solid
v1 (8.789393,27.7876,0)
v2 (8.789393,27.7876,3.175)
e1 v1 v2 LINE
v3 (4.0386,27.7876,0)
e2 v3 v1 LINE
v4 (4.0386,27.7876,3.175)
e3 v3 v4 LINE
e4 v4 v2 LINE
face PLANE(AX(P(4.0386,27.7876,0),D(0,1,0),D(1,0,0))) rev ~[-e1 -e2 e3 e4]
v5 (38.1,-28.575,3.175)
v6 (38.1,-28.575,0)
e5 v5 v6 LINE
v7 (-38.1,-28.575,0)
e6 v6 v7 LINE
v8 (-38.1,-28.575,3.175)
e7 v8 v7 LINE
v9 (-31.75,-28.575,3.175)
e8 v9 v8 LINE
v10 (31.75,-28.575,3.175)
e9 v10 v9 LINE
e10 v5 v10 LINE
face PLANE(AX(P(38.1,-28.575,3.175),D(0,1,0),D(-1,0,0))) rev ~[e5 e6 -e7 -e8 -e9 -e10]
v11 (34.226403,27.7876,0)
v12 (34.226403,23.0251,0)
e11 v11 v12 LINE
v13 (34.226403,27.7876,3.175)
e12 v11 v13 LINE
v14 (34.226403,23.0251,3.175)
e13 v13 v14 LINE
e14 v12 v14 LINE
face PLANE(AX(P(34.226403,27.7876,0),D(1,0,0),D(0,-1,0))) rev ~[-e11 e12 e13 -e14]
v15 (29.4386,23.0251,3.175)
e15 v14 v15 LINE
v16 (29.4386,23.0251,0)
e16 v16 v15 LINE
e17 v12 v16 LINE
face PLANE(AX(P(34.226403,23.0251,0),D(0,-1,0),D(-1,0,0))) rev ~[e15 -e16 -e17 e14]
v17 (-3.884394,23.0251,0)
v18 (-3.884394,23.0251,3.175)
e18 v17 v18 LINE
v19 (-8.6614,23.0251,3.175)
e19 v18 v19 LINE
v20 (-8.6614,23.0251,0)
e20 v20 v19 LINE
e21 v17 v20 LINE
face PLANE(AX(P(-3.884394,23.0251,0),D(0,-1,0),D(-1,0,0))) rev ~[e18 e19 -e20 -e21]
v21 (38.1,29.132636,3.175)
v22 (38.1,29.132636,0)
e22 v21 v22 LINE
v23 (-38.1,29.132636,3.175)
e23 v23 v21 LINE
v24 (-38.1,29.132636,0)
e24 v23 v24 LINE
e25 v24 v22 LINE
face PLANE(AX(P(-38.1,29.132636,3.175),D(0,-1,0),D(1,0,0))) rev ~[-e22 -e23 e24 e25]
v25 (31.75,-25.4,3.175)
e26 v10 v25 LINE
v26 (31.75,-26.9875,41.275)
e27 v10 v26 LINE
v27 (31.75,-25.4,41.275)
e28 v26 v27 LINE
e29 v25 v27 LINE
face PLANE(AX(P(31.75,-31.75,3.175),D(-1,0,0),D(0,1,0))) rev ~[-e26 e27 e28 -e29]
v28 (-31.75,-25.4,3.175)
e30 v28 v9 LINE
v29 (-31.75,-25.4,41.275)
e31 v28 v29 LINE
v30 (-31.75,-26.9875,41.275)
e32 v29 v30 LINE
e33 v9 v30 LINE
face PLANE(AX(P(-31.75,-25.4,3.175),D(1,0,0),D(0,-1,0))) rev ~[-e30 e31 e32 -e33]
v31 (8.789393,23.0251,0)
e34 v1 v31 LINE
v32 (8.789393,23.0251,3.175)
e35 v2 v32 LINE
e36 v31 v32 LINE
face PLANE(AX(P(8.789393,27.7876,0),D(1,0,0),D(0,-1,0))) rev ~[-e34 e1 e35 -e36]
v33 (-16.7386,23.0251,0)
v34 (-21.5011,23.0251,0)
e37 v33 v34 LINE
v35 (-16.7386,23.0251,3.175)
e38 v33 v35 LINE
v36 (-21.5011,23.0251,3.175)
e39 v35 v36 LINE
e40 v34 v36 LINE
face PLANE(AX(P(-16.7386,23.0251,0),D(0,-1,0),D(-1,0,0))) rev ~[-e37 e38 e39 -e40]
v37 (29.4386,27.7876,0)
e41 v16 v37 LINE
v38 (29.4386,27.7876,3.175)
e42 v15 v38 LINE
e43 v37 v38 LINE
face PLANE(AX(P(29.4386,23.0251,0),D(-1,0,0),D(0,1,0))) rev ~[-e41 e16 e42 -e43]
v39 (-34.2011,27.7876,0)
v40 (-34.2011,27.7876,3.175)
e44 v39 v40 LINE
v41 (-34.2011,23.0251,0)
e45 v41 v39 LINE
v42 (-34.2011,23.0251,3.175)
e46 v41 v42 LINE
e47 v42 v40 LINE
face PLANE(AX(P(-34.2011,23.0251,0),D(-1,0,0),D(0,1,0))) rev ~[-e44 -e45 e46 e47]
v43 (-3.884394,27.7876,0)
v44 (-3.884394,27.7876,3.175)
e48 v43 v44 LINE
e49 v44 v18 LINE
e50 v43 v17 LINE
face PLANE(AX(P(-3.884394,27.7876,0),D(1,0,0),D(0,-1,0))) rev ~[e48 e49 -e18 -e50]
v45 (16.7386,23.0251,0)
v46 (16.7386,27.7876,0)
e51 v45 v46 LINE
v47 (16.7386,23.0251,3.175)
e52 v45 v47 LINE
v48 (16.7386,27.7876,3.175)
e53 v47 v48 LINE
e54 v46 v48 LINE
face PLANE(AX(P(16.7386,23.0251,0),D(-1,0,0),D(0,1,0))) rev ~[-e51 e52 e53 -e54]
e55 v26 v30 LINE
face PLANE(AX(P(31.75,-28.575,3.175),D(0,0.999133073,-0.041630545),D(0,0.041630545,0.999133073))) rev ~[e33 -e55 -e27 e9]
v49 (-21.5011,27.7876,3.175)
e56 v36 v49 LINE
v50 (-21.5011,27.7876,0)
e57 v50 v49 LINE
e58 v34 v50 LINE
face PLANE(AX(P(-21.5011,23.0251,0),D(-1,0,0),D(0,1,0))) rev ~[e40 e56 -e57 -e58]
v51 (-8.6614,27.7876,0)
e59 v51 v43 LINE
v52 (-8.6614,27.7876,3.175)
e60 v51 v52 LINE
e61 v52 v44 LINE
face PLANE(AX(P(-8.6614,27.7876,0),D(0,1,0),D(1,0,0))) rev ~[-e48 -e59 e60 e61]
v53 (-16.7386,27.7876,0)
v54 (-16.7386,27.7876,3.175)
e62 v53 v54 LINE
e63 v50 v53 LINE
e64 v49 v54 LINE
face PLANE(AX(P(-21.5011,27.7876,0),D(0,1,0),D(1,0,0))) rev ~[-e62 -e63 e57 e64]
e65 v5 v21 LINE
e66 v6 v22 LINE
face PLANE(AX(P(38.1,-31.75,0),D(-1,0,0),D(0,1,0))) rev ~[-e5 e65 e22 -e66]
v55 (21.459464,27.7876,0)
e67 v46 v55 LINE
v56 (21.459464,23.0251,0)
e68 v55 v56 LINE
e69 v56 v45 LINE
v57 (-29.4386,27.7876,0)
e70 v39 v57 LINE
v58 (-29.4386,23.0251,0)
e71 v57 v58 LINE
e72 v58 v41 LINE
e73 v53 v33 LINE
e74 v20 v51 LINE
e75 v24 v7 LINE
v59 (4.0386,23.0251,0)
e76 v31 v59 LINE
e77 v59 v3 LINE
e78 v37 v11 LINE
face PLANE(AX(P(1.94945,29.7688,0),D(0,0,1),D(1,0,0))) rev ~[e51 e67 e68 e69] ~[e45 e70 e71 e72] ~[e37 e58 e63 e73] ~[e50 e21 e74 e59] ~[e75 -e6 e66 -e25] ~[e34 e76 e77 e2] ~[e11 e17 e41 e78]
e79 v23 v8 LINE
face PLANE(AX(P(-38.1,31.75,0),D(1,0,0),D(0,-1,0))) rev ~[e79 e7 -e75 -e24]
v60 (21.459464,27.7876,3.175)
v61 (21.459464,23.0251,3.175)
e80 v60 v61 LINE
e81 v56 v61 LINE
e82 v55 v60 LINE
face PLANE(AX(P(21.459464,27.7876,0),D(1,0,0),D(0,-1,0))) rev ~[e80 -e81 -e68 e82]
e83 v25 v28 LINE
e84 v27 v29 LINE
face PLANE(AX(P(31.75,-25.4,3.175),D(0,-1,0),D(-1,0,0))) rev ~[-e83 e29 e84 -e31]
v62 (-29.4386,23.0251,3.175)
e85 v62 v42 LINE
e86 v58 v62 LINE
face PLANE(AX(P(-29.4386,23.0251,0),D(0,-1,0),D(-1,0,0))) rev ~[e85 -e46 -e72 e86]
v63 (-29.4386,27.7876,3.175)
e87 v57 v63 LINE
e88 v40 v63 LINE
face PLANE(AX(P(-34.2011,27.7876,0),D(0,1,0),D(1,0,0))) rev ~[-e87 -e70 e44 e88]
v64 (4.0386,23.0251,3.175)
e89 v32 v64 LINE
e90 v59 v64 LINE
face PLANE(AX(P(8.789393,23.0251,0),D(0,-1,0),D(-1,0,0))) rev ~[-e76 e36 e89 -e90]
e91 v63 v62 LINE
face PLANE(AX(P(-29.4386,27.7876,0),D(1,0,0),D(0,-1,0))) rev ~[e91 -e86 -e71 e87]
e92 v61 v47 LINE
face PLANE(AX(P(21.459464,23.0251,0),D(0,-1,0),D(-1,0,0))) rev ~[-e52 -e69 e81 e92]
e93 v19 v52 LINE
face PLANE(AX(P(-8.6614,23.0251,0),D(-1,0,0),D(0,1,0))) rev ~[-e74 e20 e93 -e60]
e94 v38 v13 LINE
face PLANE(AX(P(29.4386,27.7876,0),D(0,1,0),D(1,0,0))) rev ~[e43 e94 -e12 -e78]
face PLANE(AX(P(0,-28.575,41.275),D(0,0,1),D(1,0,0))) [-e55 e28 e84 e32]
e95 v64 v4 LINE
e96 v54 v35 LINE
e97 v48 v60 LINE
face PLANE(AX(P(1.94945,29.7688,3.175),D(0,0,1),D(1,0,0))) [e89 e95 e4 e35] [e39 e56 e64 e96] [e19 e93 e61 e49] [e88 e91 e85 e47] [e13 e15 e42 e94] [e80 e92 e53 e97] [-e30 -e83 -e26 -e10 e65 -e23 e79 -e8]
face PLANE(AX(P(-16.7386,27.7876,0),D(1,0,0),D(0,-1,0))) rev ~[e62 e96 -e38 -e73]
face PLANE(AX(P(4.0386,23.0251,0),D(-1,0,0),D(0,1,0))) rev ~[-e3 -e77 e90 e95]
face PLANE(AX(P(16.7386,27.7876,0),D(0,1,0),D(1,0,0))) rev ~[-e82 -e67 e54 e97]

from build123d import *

# Parameters (mm, degrees)
F0_W      = 3.8989
F0_H      = 3.9624
F1_DEPTH  = 3.175
F3_DEPTH  = 38.1
F5_DEPTH  = 64.262
F7_DEPTH  = 63.5
F9_DEPTH  = 25.4
F10_W     = 76.2
F10_H     = 2.617364
F11_DEPTH = 25.4


with BuildPart() as f1:
    # F0 (on Top) → F1 (new body)
    with BuildSketch(Plane.XY):
        Polygon((38.1, 27.7876), (38.1, 31.75), (-34.2011, 31.75), (-34.2011, 27.7876), (-29.4386, 27.7876), (-21.5011, 27.7876), (-16.7386, 27.7876), (-8.6614, 27.7876), (-3.8989, 27.7876), (-3.884394, 27.7876), (4.0386, 27.7876), (8.789393, 27.7876), (8.8011, 27.7876), (16.7386, 27.7876), (21.459464, 27.7876), (21.5011, 27.7876), (29.4386, 27.7876), (34.2011, 27.7876), (34.226403, 27.7876), align=None)
        with Locations((-36.15055, 29.7688)):
            Rectangle(F0_W, F0_H)
        Polygon((38.1, -31.75), (38.1, 27.7876), (34.226403, 27.7876), (34.226403, 23.0251), (29.4386, 23.0251), (29.4386, 27.7876), (21.5011, 27.7876), (21.459464, 27.7876), (21.459464, 23.0251), (16.7386, 23.0251), (16.7386, 27.7876), (8.8011, 27.7876), (8.789393, 27.7876), (8.789393, 23.0251), (4.0386, 23.0251), (4.0386, 27.7876), (-3.884394, 27.7876), (-3.884394, 23.0251), (-8.6614, 23.0251), (-8.6614, 27.7876), (-16.7386, 27.7876), (-16.7386, 23.0251), (-21.5011, 23.0251), (-21.5011, 27.7876), (-29.4386, 27.7876), (-29.4386, 23.0251), (-34.2011, 23.0251), (-34.2011, 15.0876), (-34.2011, 10.3251), (-34.2011, 2.3876), (-34.2011, -2.3749), (-34.2011, -10.3124), (-34.2011, -15.0749), (-34.2011, -23.0124), (-34.2011, -27.7749), (-34.2011, -31.75), align=None)
        Polygon((-34.2011, 23.0251), (-34.2011, 27.7876), (-38.1, 27.7876), (-38.1, -31.75), (-34.2011, -31.75), (-34.2011, -27.7749), (-34.2011, -23.0124), (-34.2011, -15.0749), (-34.2011, -10.3124), (-34.2011, -2.3749), (-34.2011, 2.3876), (-34.2011, 10.3251), (-34.2011, 15.0876), align=None)
    extrude(amount=F1_DEPTH)

    # F2 (on face) → F3 (join)
    with BuildSketch(Plane.XY.offset(3.175)):
        Polygon((-31.75, -28.575), (-31.75, -31.75), (31.75, -31.75), (31.75, -28.575), (31.75, -25.4), (-31.75, -25.4), align=None)
    extrude(amount=F3_DEPTH)

    # F4 (on face) → F5 (cut)
    with BuildSketch(Plane(origin=(-31.75, 0, 0), x_dir=(0, -1, 0), z_dir=(-1, 0, 0))):
        Polygon((31.75, 41.275), (28.575, 41.275), (31.75, 3.175), align=None)
    extrude(amount=-F5_DEPTH, mode=Mode.SUBTRACT)

    # F6 (on face) → F7 (cut)
    with BuildSketch(Plane.YZ.offset(31.75)):
        Polygon((-31.75, 3.175), (-28.575, 3.175), (-26.9875, 41.275), (-28.575, 41.275), align=None)
    extrude(amount=-F7_DEPTH, mode=Mode.SUBTRACT)

    # F8 (on face) → F9 (cut)
    with BuildSketch(Plane.XY.offset(3.175)):
        Polygon((38.1, -28.575), (-31.75, -28.575), (-38.1, -28.575), (-38.1, -31.75), (38.1, -31.75), align=None)
    extrude(amount=-F9_DEPTH, mode=Mode.SUBTRACT)

    # F10 (on face) → F11 (cut)
    with BuildSketch(Plane.XY.offset(3.175)):
        with Locations((0, 30.441318)):
            Rectangle(F10_W, F10_H)
    extrude(amount=-F11_DEPTH, mode=Mode.SUBTRACT)


solid = f1.part
